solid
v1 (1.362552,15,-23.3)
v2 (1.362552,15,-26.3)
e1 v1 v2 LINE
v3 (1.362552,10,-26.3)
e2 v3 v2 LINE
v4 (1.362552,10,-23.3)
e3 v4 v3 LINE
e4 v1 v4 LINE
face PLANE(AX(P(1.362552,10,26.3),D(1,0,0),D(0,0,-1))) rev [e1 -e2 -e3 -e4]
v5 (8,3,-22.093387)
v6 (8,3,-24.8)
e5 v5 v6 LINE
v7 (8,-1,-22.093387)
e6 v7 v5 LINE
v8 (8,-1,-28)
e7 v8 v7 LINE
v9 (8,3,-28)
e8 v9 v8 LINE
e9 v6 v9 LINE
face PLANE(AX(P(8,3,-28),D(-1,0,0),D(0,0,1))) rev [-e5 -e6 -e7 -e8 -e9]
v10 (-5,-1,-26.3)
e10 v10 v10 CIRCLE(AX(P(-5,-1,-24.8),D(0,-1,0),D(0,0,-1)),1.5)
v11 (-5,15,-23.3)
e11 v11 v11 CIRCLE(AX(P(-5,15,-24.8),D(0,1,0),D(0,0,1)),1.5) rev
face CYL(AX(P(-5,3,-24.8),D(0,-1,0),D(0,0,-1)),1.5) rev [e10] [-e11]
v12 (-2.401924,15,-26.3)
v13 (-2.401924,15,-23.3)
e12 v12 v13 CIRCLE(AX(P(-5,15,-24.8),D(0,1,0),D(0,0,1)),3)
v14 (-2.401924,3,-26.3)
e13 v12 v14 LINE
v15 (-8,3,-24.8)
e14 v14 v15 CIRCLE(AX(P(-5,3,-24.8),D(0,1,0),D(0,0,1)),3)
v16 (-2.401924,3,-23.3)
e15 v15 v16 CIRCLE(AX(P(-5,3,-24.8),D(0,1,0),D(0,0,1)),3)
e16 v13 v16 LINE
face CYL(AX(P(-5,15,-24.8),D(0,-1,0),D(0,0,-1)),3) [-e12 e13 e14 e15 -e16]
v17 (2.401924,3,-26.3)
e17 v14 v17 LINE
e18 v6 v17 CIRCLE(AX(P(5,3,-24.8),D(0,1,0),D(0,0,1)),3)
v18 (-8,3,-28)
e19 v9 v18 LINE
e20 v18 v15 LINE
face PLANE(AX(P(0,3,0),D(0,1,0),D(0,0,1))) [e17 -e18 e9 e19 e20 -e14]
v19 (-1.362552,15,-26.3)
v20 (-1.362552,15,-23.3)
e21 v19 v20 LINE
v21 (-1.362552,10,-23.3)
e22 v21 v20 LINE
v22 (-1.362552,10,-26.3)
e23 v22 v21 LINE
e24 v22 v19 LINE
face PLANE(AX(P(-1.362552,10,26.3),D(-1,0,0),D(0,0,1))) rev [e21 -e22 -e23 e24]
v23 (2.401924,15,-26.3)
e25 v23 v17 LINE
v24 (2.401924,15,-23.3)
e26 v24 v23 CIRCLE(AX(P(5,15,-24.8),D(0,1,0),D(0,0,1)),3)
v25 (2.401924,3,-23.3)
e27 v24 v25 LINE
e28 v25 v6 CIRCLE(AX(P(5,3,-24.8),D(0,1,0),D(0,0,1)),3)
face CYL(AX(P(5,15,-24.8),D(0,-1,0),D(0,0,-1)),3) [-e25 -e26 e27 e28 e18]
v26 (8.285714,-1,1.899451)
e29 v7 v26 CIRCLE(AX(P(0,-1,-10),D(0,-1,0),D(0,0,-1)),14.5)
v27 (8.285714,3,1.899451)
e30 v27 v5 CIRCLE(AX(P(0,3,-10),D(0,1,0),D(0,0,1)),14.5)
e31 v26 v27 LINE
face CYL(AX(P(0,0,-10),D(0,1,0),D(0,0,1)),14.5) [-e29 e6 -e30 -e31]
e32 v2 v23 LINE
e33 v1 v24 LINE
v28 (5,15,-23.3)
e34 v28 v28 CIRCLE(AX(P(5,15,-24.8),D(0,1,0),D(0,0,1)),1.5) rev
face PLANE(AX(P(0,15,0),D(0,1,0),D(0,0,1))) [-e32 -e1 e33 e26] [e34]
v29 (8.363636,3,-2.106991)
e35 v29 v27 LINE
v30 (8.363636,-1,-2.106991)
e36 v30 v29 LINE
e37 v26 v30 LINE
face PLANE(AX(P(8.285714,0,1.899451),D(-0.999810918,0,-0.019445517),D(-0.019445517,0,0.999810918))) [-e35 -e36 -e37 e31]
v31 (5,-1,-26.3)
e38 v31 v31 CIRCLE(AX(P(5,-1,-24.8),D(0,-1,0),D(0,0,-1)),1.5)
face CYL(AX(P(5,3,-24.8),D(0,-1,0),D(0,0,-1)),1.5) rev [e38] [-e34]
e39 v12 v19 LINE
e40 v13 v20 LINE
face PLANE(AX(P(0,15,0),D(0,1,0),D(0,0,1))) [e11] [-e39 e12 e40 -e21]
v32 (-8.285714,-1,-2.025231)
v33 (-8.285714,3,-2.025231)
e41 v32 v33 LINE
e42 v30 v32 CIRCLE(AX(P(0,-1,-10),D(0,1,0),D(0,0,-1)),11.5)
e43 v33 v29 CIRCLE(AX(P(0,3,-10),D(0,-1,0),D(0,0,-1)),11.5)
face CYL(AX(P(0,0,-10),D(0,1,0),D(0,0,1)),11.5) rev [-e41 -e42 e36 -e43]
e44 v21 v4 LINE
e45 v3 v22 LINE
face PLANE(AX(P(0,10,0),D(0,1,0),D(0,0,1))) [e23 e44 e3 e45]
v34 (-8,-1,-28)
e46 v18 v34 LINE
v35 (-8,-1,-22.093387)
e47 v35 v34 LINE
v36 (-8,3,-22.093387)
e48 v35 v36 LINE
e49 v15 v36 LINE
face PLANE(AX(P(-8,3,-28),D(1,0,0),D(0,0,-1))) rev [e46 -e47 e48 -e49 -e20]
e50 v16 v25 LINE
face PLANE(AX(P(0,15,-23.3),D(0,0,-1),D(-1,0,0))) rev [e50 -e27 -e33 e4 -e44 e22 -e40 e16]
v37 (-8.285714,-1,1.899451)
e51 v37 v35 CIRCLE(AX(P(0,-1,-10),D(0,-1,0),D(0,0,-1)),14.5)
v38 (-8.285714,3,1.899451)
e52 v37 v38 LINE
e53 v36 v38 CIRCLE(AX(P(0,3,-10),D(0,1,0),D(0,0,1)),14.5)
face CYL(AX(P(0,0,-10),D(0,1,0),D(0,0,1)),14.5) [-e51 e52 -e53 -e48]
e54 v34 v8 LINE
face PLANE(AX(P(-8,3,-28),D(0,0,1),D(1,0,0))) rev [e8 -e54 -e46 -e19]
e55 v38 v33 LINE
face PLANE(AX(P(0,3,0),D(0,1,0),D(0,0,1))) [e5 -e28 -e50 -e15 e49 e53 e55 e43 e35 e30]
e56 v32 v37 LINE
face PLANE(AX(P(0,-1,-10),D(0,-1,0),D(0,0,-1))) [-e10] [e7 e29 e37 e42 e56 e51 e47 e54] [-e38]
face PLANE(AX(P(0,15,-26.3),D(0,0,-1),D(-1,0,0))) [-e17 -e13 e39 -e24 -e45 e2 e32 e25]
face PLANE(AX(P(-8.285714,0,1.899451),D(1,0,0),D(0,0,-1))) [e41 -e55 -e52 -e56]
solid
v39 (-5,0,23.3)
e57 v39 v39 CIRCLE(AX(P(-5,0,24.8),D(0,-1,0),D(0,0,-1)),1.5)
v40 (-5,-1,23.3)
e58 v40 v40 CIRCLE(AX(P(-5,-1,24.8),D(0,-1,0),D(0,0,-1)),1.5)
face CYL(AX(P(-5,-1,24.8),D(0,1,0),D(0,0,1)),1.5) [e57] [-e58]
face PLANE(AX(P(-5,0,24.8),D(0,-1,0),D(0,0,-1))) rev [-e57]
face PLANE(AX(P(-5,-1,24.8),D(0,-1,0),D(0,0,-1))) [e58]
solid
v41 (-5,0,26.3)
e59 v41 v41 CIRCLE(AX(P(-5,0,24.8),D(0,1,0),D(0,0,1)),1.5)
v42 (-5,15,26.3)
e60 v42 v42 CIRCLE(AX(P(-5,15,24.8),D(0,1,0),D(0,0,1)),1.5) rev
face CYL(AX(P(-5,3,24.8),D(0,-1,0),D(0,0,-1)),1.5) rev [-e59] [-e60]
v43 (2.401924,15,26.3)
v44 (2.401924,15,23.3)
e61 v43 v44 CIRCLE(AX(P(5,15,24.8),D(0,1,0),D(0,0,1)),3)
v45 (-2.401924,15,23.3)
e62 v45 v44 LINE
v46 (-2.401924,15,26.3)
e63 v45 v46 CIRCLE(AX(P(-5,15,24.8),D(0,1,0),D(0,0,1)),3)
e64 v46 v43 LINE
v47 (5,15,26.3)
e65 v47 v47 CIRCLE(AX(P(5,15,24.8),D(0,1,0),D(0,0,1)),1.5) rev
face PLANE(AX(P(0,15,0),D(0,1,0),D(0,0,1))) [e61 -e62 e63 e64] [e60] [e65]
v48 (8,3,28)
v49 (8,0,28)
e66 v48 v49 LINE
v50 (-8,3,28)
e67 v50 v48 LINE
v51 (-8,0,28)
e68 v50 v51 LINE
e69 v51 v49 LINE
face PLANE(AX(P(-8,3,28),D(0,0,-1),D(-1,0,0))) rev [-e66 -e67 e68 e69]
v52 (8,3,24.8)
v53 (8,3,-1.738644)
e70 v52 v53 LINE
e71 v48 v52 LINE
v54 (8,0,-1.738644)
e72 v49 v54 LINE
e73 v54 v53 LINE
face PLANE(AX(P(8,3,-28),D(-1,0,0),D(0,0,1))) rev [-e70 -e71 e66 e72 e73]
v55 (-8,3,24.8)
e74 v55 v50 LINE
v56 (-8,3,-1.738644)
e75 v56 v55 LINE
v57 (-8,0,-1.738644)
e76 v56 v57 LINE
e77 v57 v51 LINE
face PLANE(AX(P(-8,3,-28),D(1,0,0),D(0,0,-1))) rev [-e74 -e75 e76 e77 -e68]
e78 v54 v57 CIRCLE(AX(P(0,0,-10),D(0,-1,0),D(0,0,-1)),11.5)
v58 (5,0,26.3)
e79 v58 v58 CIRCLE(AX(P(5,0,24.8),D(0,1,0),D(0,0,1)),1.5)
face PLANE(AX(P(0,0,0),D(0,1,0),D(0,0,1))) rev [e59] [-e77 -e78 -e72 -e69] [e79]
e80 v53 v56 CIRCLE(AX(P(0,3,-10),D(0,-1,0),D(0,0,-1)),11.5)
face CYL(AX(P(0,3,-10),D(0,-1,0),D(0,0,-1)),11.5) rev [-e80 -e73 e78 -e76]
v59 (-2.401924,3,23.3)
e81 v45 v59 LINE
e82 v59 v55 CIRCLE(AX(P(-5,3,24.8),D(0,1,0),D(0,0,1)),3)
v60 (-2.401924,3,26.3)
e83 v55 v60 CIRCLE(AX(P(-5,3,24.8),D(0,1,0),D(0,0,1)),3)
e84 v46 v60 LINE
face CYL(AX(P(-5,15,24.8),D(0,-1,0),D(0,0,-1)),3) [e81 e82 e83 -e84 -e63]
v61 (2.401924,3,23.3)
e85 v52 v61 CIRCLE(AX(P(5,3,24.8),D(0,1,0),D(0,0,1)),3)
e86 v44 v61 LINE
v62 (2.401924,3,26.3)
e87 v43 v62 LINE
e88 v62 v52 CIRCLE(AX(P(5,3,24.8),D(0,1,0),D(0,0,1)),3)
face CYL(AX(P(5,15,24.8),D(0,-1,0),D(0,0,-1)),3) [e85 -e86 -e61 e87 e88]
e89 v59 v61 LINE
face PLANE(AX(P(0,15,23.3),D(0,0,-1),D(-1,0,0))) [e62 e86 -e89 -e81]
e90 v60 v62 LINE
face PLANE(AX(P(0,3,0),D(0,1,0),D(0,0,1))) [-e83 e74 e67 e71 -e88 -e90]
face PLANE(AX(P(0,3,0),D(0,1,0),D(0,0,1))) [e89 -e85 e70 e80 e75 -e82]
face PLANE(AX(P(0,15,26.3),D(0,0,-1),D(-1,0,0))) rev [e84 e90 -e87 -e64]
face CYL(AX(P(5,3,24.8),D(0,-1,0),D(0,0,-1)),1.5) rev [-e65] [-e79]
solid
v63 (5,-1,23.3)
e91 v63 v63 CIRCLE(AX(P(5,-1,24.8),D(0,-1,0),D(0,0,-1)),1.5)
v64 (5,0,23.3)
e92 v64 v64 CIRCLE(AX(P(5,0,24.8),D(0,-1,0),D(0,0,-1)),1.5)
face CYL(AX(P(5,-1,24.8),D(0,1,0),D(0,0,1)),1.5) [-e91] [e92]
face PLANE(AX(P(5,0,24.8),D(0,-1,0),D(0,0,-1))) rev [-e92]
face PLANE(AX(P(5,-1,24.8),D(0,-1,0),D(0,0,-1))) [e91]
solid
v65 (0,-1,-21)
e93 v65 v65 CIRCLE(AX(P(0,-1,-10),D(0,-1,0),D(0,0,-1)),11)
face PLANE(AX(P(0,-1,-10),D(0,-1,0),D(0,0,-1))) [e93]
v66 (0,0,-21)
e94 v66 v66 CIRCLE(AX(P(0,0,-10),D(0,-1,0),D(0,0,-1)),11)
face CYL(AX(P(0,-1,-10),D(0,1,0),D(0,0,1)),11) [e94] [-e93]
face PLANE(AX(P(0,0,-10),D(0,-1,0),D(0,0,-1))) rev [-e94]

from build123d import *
from build123d.topology import SkipClean

# Parameters (mm, degrees)
SKETCH_1_W          = 16
SKETCH_1_H          = 56
SKETCH_1_R          = 1.5
EXTRUDE_1_DEPTH     = 3
SKETCH_2_R          = 3
SKETCH_2_R_2        = 1.5
EXTRUDE_3_DEPTH     = 12
EXTRUDE_4_DEPTH     = 3
CUT_EXTRUDE_START   = -3
SKETCH_5_R          = 11.5
CUT_EXTRUDE_1_DEPTH = 3
SKETCH_6_W          = 2.725103142
SKETCH_6_H          = 52.6
CUT_EXTRUDE_2_DEPTH = 5
SKETCH_7_R          = 1.5
SKETCH_7_R_2        = 11
EXTRUDE_5_DEPTH     = 1


with BuildPart() as part:
    # 草图1 → 凸台-拉伸1 (new body)
    with BuildSketch(Plane(origin=(0, 0, 0), x_dir=(1, 0, 0), z_dir=(0, 1, 0))):
        Rectangle(SKETCH_1_W, SKETCH_1_H)
        with Locations(Location((-5, 24.8, 0), (0, 0, 270))):
            Circle(SKETCH_1_R, mode=Mode.SUBTRACT)
        with Locations(Location((5, 24.8, 0), (0, 0, 270))):
            Circle(SKETCH_1_R, mode=Mode.SUBTRACT)
        with Locations(Location((5, -24.8, 0), (0, 0, 270))):
            Circle(SKETCH_1_R, mode=Mode.SUBTRACT)
        with Locations(Location((-5, -24.8, 0), (0, 0, 270))):
            Circle(SKETCH_1_R, mode=Mode.SUBTRACT)
    extrude(amount=EXTRUDE_1_DEPTH)

    # 草图2 → 凸台-拉伸3 (add)
    # profile 1 of 6: a face of its own
    with BuildSketch(Plane(origin=(0, 3, 0), x_dir=(1, 0, 0), z_dir=(0, 1, 0))):
        with Locations((-5, 24.8)):
            Circle(SKETCH_2_R)
        with Locations(Location((-5, 24.8, 0), (0, 0, 270))):
            Circle(SKETCH_2_R_2, mode=Mode.SUBTRACT)
    # profile 2 of 6: a face of its own
    with BuildSketch(Plane(origin=(0, 3, 0), x_dir=(1, 0, 0), z_dir=(0, 1, 0))):
        with BuildLine():
            Line((2.401923789, 26.3), (-2.401923789, 26.3))
            ThreePointArc((-2.401923789, 26.3), (-2.102222521, 25.576457135), (-2, 24.8))
            ThreePointArc((-2, 24.8), (-2.102222521, 24.023542865), (-2.401923789, 23.3))
            Line((-2.401923789, 23.3), (2.401923789, 23.3))
            ThreePointArc((2.401923789, 23.3), (2, 24.8), (2.401923789, 26.3))
        make_face()
    # profile 3 of 6: a face of its own
    with BuildSketch(Plane(origin=(0, 3, 0), x_dir=(1, 0, 0), z_dir=(0, 1, 0))):
        with Locations((5, 24.8)):
            Circle(SKETCH_2_R)
        with Locations(Location((5, 24.8, 0), (0, 0, 270))):
            Circle(SKETCH_2_R_2, mode=Mode.SUBTRACT)
    # profile 4 of 6: a face of its own
    with BuildSketch(Plane(origin=(0, 3, 0), x_dir=(1, 0, 0), z_dir=(0, 1, 0))):
        with Locations((-5, -24.8)):
            Circle(SKETCH_2_R)
        with Locations(Location((-5, -24.8, 0), (0, 0, 270))):
            Circle(SKETCH_2_R_2, mode=Mode.SUBTRACT)
    # profile 5 of 6: a face of its own
    with BuildSketch(Plane(origin=(0, 3, 0), x_dir=(1, 0, 0), z_dir=(0, 1, 0))):
        with BuildLine():
            Line((2.401923789, -23.3), (-2.401923789, -23.3))
            ThreePointArc((-2.401923789, -23.3), (-2.102222521, -24.023542865), (-2, -24.8))
            ThreePointArc((-2, -24.8), (-2.102222521, -25.576457135), (-2.401923789, -26.3))
            Line((-2.401923789, -26.3), (2.401923789, -26.3))
            ThreePointArc((2.401923789, -26.3), (2, -24.8), (2.401923789, -23.3))
        make_face()
    # profile 6 of 6: a face of its own
    with BuildSketch(Plane(origin=(0, 3, 0), x_dir=(1, 0, 0), z_dir=(0, 1, 0))):
        with Locations((5, -24.8)):
            Circle(SKETCH_2_R)
        with Locations(Location((5, -24.8, 0), (0, 0, 270))):
            Circle(SKETCH_2_R_2, mode=Mode.SUBTRACT)
    extrude(amount=EXTRUDE_3_DEPTH)

    # 草图3 → 凸台-拉伸4 (add)
    with BuildSketch(Plane(origin=(0, 3, 0), x_dir=(1, 0, 0), z_dir=(0, 1, 0))):
        with BuildLine():
            Line((8, 18.261355821), (8, 22.093386622))
            ThreePointArc((8, 22.093386622), (14.498972001, 10.172658335), (8.285714286, -1.899451196))
            Line((8.285714286, -1.899451196), (8.363636364, 2.106991272))
            ThreePointArc((8.363636364, 2.106991272), (11.497087555, 10.258800592), (8, 18.261355821))
        make_face()
        with BuildLine():
            Line((-8.285714286, -1.899451196), (-8.285714286, 2.025231115))
            ThreePointArc((-8.285714286, 2.025231115), (-11.498219811, 10.202339272), (-8, 18.261355821))
            Line((-8, 18.261355821), (-8, 22.093386622))
            ThreePointArc((-8, 22.093386622), (-14.498972001, 10.172658335), (-8.285714286, -1.899451196))
        make_face()
    extrude(amount=-EXTRUDE_4_DEPTH)

    # 草图5 → 切除-拉伸1 (cut)
    with SkipClean():  # the faces are left unmerged after this step: merging them gives an invalid solid
        with BuildSketch(Plane.XZ.offset(CUT_EXTRUDE_START)):
            with Locations((0, -10)):
                Circle(SKETCH_5_R)
        extrude(amount=CUT_EXTRUDE_1_DEPTH, mode=Mode.SUBTRACT)


with BuildPart() as cut_extrude_1_piece_1:
    # of the separate pieces the step leaves, piece 1, a body of its own (cut_extrude_1_pieces)
    add(part.part.solids().sort_by_distance((-8, 0, 28))[0])


with BuildPart() as cut_extrude_1_piece_2:
    # of the separate pieces the step leaves, piece 2, a body of its own (cut_extrude_1_pieces)
    add(part.part.solids().sort_by_distance((-8, 0, -28))[0])

    # 草图6 → 切除-拉伸2 (cut)
    with SkipClean():  # the faces are left unmerged after this step: merging them gives an invalid solid
        with BuildSketch(Plane(origin=(0, 15, 0), x_dir=(1, 0, 0), z_dir=(0, 1, 0))):
            Rectangle(SKETCH_6_W, SKETCH_6_H)
        extrude(amount=-CUT_EXTRUDE_2_DEPTH, mode=Mode.SUBTRACT)

    # 草图7 → 凸台-拉伸5 (add)
    # profile 1 of 4: a face of its own
    with BuildSketch(Plane.XZ):
        with Locations(Location((-5, 24.8, 0), (0, 0, 270))):
            Circle(SKETCH_7_R)
    # profile 2 of 4: a face of its own
    with BuildSketch(Plane.XZ):
        with Locations(Location((5, 24.8, 0), (0, 0, 270))):
            Circle(SKETCH_7_R)
    # profile 3 of 4: a face of its own
    with BuildSketch(Plane.XZ):
        with Locations(Location((0, -10, 0), (0, 0, 270))):
            Circle(SKETCH_7_R_2)
    # profile 4 of 4: a face of its own
    with BuildSketch(Plane.XZ):
        with BuildLine():
            Line((-8.285714286, -2.025231115), (-8.285714286, 1.899451196))
            ThreePointArc((-8.285714286, 1.899451196), (-14.498972001, -10.172658335), (-8, -22.093386622))
            Line((-8, -22.093386622), (-8, -28))
            Line((-8, -28), (8, -28))
            Line((8, -28), (8, -22.093386622))
            ThreePointArc((8, -22.093386622), (14.498972001, -10.172658335), (8.285714286, 1.899451196))
            Line((8.285714286, 1.899451196), (8.363636364, -2.106991272))
            ThreePointArc((8.363636364, -2.106991272), (-0.056472501, -21.499861341), (-8.285714286, -2.025231115))
        make_face()
        with Locations(Location((-5, -24.8, 0), (0, 0, 270))):
            Circle(SKETCH_7_R, mode=Mode.SUBTRACT)
        with Locations(Location((5, -24.8, 0), (0, 0, 270))):
            Circle(SKETCH_7_R, mode=Mode.SUBTRACT)
    extrude(amount=EXTRUDE_5_DEPTH)


with BuildPart() as extrude_5_piece_1:
    # of the separate pieces the step leaves, piece 1, a body of its own (extrude_5_pieces)
    add(cut_extrude_1_piece_2.part.solids().sort_by_distance((-8, 3, -28))[0])


with BuildPart() as extrude_5_piece_2:
    # of the separate pieces the step leaves, piece 2, a body of its own (extrude_5_pieces)
    add(cut_extrude_1_piece_2.part.solids().sort_by_distance((0, 0, -21))[0])


with BuildPart() as extrude_5_piece_3:
    # of the separate pieces the step leaves, piece 3, a body of its own (extrude_5_pieces)
    add(cut_extrude_1_piece_2.part.solids().sort_by_distance((-5, 0, 23.3))[0])


with BuildPart() as extrude_5_piece_4:
    # of the separate pieces the step leaves, piece 4, a body of its own (extrude_5_pieces)
    add(cut_extrude_1_piece_2.part.solids().sort_by_distance((5, 0, 23.3))[0])


solid = Compound([cut_extrude_1_piece_1.part, extrude_5_piece_1.part, extrude_5_piece_2.part, extrude_5_piece_3.part, extrude_5_piece_4.part])
